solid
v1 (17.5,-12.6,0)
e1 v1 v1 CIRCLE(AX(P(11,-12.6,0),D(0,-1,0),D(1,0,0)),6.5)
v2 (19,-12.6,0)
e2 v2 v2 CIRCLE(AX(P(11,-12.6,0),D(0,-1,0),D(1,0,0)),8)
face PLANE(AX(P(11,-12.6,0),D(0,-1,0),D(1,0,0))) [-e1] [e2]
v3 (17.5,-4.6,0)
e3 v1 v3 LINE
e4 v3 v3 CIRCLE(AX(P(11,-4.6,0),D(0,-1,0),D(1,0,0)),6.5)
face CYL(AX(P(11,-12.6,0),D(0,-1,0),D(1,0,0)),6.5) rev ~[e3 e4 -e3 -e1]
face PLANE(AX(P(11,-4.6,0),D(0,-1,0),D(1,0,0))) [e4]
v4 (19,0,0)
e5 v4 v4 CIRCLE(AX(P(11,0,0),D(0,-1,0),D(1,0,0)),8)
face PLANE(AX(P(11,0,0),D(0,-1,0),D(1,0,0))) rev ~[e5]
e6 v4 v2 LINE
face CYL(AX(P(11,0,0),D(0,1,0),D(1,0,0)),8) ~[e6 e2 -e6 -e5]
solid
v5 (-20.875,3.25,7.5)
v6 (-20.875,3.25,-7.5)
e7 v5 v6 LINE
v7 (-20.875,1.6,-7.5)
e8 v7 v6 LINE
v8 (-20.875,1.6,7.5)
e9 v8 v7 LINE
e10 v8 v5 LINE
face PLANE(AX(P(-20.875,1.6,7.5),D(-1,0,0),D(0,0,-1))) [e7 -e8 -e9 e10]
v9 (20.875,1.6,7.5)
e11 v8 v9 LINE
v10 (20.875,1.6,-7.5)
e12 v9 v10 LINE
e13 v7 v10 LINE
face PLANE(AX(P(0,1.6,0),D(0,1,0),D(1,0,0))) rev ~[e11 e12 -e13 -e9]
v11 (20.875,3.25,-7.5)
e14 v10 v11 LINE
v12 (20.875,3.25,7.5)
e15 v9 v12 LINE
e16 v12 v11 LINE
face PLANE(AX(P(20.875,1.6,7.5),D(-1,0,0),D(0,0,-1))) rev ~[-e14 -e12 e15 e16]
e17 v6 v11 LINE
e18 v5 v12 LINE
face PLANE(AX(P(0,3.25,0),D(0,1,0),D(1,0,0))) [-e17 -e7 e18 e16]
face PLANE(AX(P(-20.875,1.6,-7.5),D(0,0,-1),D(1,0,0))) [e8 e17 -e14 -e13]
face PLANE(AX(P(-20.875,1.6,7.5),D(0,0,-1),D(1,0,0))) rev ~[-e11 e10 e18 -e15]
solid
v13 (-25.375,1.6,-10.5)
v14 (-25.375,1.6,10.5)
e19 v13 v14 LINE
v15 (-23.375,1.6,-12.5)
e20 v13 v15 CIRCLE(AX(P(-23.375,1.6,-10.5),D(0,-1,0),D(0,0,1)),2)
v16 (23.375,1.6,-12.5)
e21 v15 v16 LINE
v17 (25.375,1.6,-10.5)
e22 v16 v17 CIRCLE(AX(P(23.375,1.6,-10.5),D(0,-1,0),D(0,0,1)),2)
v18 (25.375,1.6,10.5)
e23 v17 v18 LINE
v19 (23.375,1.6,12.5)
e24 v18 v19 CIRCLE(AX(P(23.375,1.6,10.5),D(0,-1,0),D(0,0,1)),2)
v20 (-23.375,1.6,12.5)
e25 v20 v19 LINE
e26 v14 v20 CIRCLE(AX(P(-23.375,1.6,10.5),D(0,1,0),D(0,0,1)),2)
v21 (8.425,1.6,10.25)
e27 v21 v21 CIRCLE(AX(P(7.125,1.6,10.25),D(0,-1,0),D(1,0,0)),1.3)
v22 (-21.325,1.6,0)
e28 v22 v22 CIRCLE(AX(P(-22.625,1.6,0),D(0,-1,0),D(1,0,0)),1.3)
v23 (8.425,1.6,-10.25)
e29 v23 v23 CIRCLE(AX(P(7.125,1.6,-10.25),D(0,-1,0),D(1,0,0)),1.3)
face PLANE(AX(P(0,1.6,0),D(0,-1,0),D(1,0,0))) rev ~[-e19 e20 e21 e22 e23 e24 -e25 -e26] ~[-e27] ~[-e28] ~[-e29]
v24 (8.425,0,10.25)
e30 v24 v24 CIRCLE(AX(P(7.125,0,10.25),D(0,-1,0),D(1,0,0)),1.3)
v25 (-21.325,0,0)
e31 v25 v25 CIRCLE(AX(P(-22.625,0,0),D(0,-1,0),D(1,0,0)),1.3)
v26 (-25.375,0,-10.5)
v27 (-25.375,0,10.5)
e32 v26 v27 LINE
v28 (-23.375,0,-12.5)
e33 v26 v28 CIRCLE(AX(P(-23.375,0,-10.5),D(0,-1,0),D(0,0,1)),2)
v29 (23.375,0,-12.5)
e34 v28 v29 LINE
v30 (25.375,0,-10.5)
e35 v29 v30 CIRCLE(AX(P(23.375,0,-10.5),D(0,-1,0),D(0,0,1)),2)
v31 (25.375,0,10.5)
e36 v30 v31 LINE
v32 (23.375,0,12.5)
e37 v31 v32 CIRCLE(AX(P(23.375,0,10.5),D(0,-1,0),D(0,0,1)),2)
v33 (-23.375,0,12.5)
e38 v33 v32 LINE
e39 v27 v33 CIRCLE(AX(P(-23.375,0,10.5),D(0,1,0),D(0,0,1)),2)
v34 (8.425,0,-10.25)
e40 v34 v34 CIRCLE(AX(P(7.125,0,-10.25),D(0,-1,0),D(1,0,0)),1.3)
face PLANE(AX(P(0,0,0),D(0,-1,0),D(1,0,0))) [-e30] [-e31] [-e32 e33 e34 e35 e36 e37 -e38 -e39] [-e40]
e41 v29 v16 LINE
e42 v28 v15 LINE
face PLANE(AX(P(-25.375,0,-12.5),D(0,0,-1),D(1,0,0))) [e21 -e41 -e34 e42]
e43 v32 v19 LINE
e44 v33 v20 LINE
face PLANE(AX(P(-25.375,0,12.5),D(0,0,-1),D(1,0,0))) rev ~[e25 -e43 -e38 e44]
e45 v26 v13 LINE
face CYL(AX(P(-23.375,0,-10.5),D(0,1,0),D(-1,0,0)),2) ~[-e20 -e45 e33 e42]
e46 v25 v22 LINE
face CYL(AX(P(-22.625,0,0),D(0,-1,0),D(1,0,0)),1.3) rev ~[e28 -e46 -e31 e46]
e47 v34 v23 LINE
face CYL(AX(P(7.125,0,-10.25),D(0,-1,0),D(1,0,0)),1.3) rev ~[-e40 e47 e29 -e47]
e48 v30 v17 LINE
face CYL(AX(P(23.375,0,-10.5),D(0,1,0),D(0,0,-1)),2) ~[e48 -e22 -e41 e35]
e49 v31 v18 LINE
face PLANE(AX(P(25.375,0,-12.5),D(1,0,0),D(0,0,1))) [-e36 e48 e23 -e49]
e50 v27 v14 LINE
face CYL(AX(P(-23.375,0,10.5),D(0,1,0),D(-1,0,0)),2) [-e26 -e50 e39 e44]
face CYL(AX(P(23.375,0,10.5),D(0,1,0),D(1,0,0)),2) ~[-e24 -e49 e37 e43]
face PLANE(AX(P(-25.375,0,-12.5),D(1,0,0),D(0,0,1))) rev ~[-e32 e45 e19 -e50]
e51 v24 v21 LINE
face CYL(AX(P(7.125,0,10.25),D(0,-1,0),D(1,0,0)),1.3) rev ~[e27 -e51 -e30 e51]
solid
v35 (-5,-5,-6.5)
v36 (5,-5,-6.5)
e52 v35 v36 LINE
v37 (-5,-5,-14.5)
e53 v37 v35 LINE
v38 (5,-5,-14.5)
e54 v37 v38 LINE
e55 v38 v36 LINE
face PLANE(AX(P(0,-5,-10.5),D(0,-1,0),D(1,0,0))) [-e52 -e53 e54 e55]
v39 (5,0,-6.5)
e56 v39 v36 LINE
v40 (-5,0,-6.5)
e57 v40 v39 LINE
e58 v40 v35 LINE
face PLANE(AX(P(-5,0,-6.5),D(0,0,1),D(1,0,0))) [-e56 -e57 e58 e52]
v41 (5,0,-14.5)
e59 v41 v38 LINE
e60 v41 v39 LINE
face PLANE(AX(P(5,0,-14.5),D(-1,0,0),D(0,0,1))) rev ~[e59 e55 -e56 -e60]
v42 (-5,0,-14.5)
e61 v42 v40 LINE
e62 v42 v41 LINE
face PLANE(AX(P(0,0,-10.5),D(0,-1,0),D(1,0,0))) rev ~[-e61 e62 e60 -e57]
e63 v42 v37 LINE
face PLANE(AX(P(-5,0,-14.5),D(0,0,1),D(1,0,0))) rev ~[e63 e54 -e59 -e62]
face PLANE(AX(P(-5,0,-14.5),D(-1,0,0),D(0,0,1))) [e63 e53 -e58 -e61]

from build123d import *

# Parameters (mm, degrees)
SKETCH_W        = 50.75
SKETCH_H        = 25
PAD_DEPTH       = 1.6
FILLET_R        = 2
SKETCH001_R     = 1.3
POCKET_DEPTH    = 1.601
SKETCH002_R     = 8
PAD001_DEPTH    = 12.6
SKETCH003_R     = 6.5
POCKET001_DEPTH = 8
SKETCH004_W     = 10
SKETCH004_H     = 8
PAD002_DEPTH    = 5
SKETCH005_W     = 41.75
SKETCH005_H     = 15
PAD003_DEPTH    = 1.65


with BuildPart() as mainplate:
    # Sketch → Pad (new body)
    with BuildSketch(Plane.XZ):
        Rectangle(SKETCH_W, SKETCH_H)
    extrude(amount=-PAD_DEPTH)

    # Fillet
    fillet_edges = [mainplate.edges().sort_by_distance(p)[0] for p in [
        (25.375, 0.8, 12.5),
        (-25.375, 0.8, 12.5),
        (-25.375, 0.8, -12.5),
        (25.375, 0.8, -12.5),
    ]]
    fillet(fillet_edges, radius=FILLET_R)

    # Sketch001 → Pocket (cut, through all)
    with BuildSketch(Plane.XZ):
        with Locations((-22.625, 0)):
            Circle(SKETCH001_R)
        with Locations((7.125, 10.25)):
            Circle(SKETCH001_R)
        with Locations((7.125, -10.25)):
            Circle(SKETCH001_R)
    extrude(amount=-POCKET_DEPTH, mode=Mode.SUBTRACT)


with BuildPart() as usprober:
    # Sketch002 → Pad001 (new body)
    with BuildSketch(Plane.XZ):
        with Locations((-11, 0)):
            Circle(SKETCH002_R)
    extrude(amount=PAD001_DEPTH)

    # Sketch003 (on Face3 of Pad001) → Pocket001 (cut)
    with BuildSketch(Plane.XZ.offset(12.6)):
        with Locations((-11, 0)):
            Circle(SKETCH003_R)
    extrude(amount=-POCKET001_DEPTH, mode=Mode.SUBTRACT)


with BuildPart() as usprober_1:
    # Body002 placement: moved
    add(usprober.part.moved(Location((22, 0, 0))))


with BuildPart() as groveconnector:
    # Sketch004 → Pad002 (new body)
    with BuildSketch(Plane.XZ):
        with Locations((0, -10.5)):
            Rectangle(SKETCH004_W, SKETCH004_H)
    extrude(amount=PAD002_DEPTH)


with BuildPart() as chips:
    # Sketch005 (on Face1 of CopyPocket) → Pad003 (new body)
    with BuildSketch(Plane(origin=(0, 1.6, 0), x_dir=(1, 0, 0), z_dir=(0, 1, 0))):
        Rectangle(SKETCH005_W, SKETCH005_H)
    extrude(amount=PAD003_DEPTH)


solid = Compound([mainplate.part, usprober_1.part, groveconnector.part, chips.part])
